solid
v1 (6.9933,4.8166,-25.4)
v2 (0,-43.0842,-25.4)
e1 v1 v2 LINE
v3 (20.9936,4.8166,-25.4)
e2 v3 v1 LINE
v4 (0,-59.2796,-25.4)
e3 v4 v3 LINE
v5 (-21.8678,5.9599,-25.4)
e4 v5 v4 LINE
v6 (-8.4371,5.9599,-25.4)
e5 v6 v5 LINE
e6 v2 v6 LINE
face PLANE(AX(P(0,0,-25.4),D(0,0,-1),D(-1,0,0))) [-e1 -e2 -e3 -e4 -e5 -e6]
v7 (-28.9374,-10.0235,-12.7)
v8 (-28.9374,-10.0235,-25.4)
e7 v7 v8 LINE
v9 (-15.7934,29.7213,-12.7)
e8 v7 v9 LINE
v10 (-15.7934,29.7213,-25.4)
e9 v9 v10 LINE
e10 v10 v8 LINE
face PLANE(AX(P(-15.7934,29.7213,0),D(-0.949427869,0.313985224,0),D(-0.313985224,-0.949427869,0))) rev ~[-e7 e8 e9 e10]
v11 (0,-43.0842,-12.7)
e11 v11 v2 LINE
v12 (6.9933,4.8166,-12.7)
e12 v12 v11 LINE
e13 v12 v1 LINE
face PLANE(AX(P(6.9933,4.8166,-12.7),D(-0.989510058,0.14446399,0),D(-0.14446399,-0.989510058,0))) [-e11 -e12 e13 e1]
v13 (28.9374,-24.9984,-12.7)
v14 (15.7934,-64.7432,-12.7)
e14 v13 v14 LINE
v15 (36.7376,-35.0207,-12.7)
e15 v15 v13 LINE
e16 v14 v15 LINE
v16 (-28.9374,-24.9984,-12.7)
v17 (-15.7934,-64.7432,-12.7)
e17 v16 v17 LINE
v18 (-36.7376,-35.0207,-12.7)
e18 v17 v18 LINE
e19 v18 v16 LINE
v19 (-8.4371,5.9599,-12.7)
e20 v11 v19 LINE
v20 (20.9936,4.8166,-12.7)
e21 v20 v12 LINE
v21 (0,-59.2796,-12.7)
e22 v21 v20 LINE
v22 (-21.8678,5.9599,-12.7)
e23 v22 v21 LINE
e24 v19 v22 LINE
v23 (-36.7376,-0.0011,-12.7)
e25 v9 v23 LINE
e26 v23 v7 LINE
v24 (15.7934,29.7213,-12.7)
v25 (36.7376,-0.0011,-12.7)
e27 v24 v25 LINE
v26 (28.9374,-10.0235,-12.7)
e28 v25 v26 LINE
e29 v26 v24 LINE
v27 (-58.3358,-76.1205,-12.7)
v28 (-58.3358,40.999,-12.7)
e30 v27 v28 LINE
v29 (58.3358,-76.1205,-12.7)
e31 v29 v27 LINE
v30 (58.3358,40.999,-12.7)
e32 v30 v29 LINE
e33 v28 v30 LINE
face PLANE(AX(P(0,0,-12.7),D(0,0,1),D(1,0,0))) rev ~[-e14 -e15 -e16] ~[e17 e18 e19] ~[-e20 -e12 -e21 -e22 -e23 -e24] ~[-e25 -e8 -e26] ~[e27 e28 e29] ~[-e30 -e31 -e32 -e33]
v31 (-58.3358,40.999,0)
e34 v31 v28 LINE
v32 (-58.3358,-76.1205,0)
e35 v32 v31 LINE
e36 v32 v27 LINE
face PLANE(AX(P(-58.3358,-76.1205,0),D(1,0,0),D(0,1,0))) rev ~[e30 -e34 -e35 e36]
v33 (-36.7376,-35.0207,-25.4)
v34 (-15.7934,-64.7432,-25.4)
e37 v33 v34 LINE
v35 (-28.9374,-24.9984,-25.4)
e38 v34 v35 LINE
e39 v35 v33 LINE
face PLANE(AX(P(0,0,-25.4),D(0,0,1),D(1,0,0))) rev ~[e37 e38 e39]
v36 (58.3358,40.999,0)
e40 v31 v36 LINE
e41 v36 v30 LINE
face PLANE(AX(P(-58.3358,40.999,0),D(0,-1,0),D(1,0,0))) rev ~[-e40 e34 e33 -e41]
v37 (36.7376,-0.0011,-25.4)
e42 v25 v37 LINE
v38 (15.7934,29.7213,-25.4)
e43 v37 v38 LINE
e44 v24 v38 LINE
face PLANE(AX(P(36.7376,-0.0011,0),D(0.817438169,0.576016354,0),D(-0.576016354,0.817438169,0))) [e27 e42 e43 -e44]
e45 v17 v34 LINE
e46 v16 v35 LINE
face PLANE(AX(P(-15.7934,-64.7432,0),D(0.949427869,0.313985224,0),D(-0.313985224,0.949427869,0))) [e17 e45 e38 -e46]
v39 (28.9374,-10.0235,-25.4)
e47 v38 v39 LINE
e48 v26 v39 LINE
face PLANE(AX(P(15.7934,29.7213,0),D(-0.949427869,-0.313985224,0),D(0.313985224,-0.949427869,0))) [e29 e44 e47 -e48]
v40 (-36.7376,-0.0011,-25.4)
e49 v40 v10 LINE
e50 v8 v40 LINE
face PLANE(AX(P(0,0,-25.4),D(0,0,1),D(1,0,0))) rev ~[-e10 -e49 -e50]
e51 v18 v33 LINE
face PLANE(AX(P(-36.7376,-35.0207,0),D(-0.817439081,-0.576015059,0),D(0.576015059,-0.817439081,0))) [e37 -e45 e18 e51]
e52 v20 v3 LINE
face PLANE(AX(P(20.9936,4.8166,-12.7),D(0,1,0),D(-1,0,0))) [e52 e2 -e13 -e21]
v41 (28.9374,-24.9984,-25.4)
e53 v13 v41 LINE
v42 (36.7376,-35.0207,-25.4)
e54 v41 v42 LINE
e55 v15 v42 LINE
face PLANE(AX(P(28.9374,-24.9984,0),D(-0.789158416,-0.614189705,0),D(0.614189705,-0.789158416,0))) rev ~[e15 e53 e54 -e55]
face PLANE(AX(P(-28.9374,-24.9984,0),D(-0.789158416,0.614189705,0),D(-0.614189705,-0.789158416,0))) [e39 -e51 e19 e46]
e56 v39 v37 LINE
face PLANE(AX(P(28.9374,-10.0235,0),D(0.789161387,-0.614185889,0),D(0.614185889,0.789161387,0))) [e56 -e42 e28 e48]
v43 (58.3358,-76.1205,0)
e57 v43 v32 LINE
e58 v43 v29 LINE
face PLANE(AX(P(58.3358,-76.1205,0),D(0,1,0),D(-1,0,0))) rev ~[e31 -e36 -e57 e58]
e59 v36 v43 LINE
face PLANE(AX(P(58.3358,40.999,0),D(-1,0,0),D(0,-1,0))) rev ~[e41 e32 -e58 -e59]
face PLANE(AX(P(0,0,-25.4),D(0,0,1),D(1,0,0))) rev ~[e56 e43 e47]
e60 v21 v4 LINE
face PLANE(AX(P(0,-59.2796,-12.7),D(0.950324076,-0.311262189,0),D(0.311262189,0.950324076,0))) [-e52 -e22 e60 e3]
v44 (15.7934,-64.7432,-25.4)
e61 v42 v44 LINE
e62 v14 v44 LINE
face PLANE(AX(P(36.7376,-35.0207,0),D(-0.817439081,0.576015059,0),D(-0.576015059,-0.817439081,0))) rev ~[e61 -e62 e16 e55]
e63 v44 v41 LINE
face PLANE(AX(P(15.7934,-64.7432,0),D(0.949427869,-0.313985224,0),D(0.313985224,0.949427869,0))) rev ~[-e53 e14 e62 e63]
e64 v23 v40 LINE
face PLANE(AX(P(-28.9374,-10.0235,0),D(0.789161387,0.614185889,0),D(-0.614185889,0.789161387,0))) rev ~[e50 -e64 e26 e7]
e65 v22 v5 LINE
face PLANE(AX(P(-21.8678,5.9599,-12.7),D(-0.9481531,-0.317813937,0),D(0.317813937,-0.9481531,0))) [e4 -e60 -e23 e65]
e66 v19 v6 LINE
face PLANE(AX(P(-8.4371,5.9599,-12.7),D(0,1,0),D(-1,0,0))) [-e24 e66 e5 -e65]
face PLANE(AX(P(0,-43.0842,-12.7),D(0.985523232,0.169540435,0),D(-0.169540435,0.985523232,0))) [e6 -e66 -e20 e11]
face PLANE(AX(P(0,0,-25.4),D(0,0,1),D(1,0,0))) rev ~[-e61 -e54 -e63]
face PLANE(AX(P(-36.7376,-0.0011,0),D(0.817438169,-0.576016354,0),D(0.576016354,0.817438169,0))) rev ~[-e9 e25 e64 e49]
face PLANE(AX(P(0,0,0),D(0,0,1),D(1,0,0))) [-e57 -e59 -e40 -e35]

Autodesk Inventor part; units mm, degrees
ref_plane "YZ Plane" through (0, 0, 0) normal (1, 0, 0) x (0, 1, 0)
ref_plane "XZ Plane" through (0, 0, 0) normal (0, 1, 0) x (-1, 0, 0)
ref_plane "XY Plane" through (0, 0, 0) normal (0, 0, 1) x (1, 0, 0)
sketch "Sketch4" plane through (0, 0, 0) normal (0, 0, 1) x (1, 0, 0)
  line L0 (-28.9374, -10.0235) -> (-36.7376, -0.0011)
  line L1 (-28.9374, -10.0235) -> (-16.2374, -10.0235) construction
  line L2 (-36.7376, -0.0011) -> (-15.7934, 29.7213)
  line L3 (-15.7934, 29.7213) -> (-28.9374, -10.0235)
  line L4 (0, 0) -> (0, 43.134) construction
  line L5 (0, -17.5109) -> (-45.4613, -17.5109) construction
  line L6 (-45.4613, -17.5109) -> (54.0034, -17.5109) construction
  line L7 (28.9374, -10.0235) -> (36.7376, -0.0011)
  line L8 (36.7376, -0.0011) -> (15.7934, 29.7213)
  line L9 (15.7934, 29.7213) -> (28.9374, -10.0235)
  line L10 (-28.9374, -24.9984) -> (-36.7376, -35.0207)
  line L11 (-36.7376, -35.0207) -> (-15.7934, -64.7432)
  line L12 (-15.7934, -64.7432) -> (-28.9374, -24.9984)
  line L13 (15.7934, -64.7432) -> (28.9374, -24.9984)
  line L14 (36.7376, -35.0207) -> (15.7934, -64.7432)
  line L15 (28.9374, -24.9984) -> (36.7376, -35.0207)
  dimension "d9" = 12.7
sketch "Sketch5" plane through (0, 0, 0) normal (0, 0, 1) x (1, 0, 0)
  line L0 (-58.3358, 40.999) -> (58.3358, 40.999)
  line L1 (58.3358, 40.999) -> (58.3358, -76.1205)
  line L2 (58.3358, -76.1205) -> (-58.3358, -76.1205)
  line L3 (-58.3358, -76.1205) -> (-58.3358, 40.999)
  line L4 (-58.3358, 40.999) -> (58.3358, -76.1205) construction
  line L5 (58.3358, 40.999) -> (-58.3358, -76.1205) construction
  point P0 (0, 0)
  point P1 (0, -17.5607)
extrude "Extrusion4" add sketch "Sketch4" against normal blind 25.4
extrude "Extrusion5" add sketch "Sketch5" against normal blind 12.7
sketch "Sketch6" plane through (0, 0, -12.7) normal (0, 0, -1) x (-1, 0, 0)
  line L0 (-23.8244, -6.5433) -> (-21.2379, -6.5433)
  line L1 (-20.9936, 4.8166) -> (-6.9933, 4.8166)
  line L2 (-6.9933, 4.8166) -> (0, -43.0842)
  line L3 (0, -43.0842) -> (8.4371, 5.9599)
  line L4 (8.4371, 5.9599) -> (21.8678, 5.9599)
  line L5 (21.8678, 5.9599) -> (0, -59.2796)
  line L6 (0, -59.2796) -> (-20.9936, 4.8166)
  point P0 (0, 0)
extrude "Extrusion6" add sketch "Sketch6" along normal blind 12.7
sketch "Sketch7" plane through (0, 0, -12.7) normal (0, 0, -1) x (-1, 0, 0)
  line L0 (-19.319, 35.5552) -> (28.0582, 35.5552) construction
  line L1 (28.0582, 35.5552) -> (28.0582, 31.6649) construction
  line L2 (28.0582, 31.6649) -> (-19.319, 31.6649) construction
  line L3 (-19.319, 31.6649) -> (-19.319, 35.5552) construction
  point P0 (0, 0)
properties part number "Logo"
